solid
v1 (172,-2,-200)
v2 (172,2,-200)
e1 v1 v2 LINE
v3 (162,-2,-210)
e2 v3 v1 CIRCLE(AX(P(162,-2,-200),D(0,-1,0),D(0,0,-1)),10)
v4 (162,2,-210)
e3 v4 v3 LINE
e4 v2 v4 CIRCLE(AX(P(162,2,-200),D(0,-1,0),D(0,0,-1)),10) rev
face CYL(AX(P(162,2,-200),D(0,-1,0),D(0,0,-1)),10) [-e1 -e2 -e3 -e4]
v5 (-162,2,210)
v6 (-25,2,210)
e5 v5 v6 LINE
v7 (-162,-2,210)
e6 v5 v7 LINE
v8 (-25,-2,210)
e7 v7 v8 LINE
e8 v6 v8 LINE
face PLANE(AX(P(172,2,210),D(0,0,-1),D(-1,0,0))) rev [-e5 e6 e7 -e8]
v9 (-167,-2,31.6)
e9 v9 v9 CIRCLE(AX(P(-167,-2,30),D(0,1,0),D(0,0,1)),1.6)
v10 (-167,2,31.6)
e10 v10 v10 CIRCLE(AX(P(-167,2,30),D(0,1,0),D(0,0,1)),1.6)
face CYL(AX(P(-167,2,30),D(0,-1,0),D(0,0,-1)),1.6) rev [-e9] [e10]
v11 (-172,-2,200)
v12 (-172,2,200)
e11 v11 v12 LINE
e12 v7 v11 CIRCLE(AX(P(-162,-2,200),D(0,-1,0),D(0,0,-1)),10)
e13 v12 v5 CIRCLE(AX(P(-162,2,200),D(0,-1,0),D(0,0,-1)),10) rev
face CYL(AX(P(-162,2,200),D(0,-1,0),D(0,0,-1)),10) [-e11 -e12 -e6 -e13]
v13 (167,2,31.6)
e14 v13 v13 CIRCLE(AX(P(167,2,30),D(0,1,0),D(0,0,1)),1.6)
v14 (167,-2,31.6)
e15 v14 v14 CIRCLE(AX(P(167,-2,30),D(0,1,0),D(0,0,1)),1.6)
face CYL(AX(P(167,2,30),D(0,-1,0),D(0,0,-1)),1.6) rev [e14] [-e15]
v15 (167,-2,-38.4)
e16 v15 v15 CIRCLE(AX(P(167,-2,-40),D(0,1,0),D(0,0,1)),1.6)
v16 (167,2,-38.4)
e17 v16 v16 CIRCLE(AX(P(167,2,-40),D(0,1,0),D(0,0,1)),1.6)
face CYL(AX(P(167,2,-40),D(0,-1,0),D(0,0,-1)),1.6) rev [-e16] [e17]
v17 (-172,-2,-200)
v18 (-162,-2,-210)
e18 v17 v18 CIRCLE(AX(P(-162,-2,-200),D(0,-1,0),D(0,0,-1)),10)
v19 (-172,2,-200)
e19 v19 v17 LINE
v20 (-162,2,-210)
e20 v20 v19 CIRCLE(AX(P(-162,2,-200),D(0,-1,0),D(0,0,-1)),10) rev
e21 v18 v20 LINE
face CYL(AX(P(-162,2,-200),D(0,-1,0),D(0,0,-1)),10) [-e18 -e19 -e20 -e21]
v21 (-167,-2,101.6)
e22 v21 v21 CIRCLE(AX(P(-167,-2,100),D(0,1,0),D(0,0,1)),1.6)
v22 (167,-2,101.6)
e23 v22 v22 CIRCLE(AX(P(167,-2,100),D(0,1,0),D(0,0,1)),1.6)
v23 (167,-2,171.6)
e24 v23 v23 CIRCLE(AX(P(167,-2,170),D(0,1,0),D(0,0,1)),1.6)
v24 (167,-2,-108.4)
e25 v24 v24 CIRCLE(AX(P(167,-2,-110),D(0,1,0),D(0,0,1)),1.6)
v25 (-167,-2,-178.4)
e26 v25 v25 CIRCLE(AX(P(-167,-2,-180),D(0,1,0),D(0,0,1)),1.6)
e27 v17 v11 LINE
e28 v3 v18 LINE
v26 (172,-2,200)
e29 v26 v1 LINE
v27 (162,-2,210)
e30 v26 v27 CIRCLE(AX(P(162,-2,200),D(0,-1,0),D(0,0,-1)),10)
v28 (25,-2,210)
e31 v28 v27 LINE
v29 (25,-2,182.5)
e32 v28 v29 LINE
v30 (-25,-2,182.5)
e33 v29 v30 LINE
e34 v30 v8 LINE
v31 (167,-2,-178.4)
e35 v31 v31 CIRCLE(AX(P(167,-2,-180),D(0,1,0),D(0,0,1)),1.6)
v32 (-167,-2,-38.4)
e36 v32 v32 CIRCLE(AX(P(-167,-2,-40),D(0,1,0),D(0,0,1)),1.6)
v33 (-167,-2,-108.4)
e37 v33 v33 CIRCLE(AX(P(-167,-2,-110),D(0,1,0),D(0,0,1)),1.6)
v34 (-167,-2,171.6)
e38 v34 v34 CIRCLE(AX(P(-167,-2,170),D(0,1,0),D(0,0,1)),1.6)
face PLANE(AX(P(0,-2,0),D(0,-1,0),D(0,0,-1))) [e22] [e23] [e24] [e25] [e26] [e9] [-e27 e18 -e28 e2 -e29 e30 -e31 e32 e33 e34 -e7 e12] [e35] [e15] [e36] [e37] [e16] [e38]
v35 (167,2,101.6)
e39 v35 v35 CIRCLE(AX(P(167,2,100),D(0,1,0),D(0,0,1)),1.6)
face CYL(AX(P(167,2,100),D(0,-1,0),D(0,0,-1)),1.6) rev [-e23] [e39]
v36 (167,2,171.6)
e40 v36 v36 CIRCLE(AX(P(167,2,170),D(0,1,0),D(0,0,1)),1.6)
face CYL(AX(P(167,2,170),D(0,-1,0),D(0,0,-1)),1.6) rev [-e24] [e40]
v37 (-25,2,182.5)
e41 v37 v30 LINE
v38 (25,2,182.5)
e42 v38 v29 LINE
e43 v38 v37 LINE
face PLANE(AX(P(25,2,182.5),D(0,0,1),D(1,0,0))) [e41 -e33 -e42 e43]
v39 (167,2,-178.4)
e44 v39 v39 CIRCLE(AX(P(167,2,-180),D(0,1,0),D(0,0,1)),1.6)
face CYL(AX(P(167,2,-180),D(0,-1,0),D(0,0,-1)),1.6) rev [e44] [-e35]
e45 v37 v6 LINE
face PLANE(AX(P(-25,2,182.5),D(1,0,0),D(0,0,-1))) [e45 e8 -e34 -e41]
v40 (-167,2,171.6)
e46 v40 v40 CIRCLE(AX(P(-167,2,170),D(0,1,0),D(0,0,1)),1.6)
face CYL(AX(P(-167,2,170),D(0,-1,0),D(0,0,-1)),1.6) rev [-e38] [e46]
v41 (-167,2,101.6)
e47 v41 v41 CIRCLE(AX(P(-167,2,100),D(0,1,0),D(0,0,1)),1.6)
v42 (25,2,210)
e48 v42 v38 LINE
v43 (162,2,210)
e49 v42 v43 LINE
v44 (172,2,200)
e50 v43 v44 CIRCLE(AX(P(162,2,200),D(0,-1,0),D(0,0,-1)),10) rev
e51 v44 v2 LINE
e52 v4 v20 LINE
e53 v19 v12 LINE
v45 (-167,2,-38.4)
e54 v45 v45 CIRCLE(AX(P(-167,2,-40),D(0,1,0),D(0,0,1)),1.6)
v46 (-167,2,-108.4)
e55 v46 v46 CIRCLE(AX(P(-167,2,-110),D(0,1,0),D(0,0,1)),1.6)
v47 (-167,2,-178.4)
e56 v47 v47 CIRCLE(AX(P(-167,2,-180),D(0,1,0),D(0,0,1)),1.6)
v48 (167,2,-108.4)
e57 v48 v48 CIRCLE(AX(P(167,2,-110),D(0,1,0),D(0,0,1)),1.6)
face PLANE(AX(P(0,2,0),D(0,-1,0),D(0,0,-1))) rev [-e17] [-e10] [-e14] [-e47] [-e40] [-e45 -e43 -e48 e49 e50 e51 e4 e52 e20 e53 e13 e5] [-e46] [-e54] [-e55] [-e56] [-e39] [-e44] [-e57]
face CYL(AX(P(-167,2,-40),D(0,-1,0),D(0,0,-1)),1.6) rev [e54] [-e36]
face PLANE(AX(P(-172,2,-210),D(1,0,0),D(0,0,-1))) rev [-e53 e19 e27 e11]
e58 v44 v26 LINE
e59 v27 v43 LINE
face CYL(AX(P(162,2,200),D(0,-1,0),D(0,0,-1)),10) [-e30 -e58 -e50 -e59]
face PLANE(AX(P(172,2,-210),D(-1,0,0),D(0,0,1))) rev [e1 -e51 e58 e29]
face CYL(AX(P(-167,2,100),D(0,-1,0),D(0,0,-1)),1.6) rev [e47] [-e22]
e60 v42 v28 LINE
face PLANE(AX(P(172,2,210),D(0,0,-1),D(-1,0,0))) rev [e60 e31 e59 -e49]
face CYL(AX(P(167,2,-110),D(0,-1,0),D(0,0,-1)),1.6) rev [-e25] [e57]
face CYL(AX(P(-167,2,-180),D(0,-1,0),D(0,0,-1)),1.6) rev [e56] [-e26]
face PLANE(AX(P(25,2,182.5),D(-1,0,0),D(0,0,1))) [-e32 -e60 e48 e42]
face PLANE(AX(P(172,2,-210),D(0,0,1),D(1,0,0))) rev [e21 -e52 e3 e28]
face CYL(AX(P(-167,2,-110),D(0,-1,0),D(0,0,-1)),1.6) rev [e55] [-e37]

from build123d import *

# Parameters (mm, degrees)
SKETCH_1_W               = 344
SKETCH_1_H               = 420
SKETCH_1_R               = 1.6
EXTRUDE_1_DEPTH          = 2
CUT_EXTRUDE_1_DEPTH      = 272.455337026
CUT_EXTRUDE_1_DEPTH_BACK = 272.455337026
SKETCH_2_W               = 50
SKETCH_2_H               = 27.5
FILLET_1_R               = 10


with BuildPart() as part:
    # 草图1 → 凸台-拉伸1 (new, symmetric)
    with BuildSketch(Plane(origin=(0, 0, 0), x_dir=(1, 0, 0), z_dir=(0, 1, 0))):
        Rectangle(SKETCH_1_W, SKETCH_1_H)
        with Locations(Location((-167, -170, 0), (0, 0, 270))):
            Circle(SKETCH_1_R, mode=Mode.SUBTRACT)
        with Locations(Location((167, -170, 0), (0, 0, 270))):
            Circle(SKETCH_1_R, mode=Mode.SUBTRACT)
        with Locations(Location((-167, -100, 0), (0, 0, 270))):
            Circle(SKETCH_1_R, mode=Mode.SUBTRACT)
        with Locations(Location((-167, -30, 0), (0, 0, 270))):
            Circle(SKETCH_1_R, mode=Mode.SUBTRACT)
        with Locations(Location((-167, 40, 0), (0, 0, 270))):
            Circle(SKETCH_1_R, mode=Mode.SUBTRACT)
        with Locations(Location((-167, 110, 0), (0, 0, 270))):
            Circle(SKETCH_1_R, mode=Mode.SUBTRACT)
        with Locations(Location((-167, 180, 0), (0, 0, 270))):
            Circle(SKETCH_1_R, mode=Mode.SUBTRACT)
        with Locations(Location((167, -100, 0), (0, 0, 270))):
            Circle(SKETCH_1_R, mode=Mode.SUBTRACT)
        with Locations(Location((167, -30, 0), (0, 0, 270))):
            Circle(SKETCH_1_R, mode=Mode.SUBTRACT)
        with Locations(Location((167, 40, 0), (0, 0, 270))):
            Circle(SKETCH_1_R, mode=Mode.SUBTRACT)
        with Locations(Location((167, 110, 0), (0, 0, 270))):
            Circle(SKETCH_1_R, mode=Mode.SUBTRACT)
        with Locations(Location((167, 180, 0), (0, 0, 270))):
            Circle(SKETCH_1_R, mode=Mode.SUBTRACT)
    extrude(amount=EXTRUDE_1_DEPTH, both=True)

    # 草图2 → 切除-拉伸1 (cut, two sides: drawn at the far end of the back side and taken through both)
    with BuildSketch(Plane(origin=(0, 0, 0), x_dir=(1, 0, 0), z_dir=(0, 1, 0)).offset(-CUT_EXTRUDE_1_DEPTH_BACK)):
        with Locations((0, -196.25)):
            Rectangle(SKETCH_2_W, SKETCH_2_H)
    extrude(amount=CUT_EXTRUDE_1_DEPTH + CUT_EXTRUDE_1_DEPTH_BACK, mode=Mode.SUBTRACT)

    # 圆角1
    fillet_1_edges = [part.edges().sort_by_distance(p)[0] for p in [
        (-172, 0, -210),
        (172, 0, -210),
        (172, 0, 210),
        (-172, 0, 210),
    ]]
    fillet(fillet_1_edges, radius=FILLET_1_R)


solid = part.part
